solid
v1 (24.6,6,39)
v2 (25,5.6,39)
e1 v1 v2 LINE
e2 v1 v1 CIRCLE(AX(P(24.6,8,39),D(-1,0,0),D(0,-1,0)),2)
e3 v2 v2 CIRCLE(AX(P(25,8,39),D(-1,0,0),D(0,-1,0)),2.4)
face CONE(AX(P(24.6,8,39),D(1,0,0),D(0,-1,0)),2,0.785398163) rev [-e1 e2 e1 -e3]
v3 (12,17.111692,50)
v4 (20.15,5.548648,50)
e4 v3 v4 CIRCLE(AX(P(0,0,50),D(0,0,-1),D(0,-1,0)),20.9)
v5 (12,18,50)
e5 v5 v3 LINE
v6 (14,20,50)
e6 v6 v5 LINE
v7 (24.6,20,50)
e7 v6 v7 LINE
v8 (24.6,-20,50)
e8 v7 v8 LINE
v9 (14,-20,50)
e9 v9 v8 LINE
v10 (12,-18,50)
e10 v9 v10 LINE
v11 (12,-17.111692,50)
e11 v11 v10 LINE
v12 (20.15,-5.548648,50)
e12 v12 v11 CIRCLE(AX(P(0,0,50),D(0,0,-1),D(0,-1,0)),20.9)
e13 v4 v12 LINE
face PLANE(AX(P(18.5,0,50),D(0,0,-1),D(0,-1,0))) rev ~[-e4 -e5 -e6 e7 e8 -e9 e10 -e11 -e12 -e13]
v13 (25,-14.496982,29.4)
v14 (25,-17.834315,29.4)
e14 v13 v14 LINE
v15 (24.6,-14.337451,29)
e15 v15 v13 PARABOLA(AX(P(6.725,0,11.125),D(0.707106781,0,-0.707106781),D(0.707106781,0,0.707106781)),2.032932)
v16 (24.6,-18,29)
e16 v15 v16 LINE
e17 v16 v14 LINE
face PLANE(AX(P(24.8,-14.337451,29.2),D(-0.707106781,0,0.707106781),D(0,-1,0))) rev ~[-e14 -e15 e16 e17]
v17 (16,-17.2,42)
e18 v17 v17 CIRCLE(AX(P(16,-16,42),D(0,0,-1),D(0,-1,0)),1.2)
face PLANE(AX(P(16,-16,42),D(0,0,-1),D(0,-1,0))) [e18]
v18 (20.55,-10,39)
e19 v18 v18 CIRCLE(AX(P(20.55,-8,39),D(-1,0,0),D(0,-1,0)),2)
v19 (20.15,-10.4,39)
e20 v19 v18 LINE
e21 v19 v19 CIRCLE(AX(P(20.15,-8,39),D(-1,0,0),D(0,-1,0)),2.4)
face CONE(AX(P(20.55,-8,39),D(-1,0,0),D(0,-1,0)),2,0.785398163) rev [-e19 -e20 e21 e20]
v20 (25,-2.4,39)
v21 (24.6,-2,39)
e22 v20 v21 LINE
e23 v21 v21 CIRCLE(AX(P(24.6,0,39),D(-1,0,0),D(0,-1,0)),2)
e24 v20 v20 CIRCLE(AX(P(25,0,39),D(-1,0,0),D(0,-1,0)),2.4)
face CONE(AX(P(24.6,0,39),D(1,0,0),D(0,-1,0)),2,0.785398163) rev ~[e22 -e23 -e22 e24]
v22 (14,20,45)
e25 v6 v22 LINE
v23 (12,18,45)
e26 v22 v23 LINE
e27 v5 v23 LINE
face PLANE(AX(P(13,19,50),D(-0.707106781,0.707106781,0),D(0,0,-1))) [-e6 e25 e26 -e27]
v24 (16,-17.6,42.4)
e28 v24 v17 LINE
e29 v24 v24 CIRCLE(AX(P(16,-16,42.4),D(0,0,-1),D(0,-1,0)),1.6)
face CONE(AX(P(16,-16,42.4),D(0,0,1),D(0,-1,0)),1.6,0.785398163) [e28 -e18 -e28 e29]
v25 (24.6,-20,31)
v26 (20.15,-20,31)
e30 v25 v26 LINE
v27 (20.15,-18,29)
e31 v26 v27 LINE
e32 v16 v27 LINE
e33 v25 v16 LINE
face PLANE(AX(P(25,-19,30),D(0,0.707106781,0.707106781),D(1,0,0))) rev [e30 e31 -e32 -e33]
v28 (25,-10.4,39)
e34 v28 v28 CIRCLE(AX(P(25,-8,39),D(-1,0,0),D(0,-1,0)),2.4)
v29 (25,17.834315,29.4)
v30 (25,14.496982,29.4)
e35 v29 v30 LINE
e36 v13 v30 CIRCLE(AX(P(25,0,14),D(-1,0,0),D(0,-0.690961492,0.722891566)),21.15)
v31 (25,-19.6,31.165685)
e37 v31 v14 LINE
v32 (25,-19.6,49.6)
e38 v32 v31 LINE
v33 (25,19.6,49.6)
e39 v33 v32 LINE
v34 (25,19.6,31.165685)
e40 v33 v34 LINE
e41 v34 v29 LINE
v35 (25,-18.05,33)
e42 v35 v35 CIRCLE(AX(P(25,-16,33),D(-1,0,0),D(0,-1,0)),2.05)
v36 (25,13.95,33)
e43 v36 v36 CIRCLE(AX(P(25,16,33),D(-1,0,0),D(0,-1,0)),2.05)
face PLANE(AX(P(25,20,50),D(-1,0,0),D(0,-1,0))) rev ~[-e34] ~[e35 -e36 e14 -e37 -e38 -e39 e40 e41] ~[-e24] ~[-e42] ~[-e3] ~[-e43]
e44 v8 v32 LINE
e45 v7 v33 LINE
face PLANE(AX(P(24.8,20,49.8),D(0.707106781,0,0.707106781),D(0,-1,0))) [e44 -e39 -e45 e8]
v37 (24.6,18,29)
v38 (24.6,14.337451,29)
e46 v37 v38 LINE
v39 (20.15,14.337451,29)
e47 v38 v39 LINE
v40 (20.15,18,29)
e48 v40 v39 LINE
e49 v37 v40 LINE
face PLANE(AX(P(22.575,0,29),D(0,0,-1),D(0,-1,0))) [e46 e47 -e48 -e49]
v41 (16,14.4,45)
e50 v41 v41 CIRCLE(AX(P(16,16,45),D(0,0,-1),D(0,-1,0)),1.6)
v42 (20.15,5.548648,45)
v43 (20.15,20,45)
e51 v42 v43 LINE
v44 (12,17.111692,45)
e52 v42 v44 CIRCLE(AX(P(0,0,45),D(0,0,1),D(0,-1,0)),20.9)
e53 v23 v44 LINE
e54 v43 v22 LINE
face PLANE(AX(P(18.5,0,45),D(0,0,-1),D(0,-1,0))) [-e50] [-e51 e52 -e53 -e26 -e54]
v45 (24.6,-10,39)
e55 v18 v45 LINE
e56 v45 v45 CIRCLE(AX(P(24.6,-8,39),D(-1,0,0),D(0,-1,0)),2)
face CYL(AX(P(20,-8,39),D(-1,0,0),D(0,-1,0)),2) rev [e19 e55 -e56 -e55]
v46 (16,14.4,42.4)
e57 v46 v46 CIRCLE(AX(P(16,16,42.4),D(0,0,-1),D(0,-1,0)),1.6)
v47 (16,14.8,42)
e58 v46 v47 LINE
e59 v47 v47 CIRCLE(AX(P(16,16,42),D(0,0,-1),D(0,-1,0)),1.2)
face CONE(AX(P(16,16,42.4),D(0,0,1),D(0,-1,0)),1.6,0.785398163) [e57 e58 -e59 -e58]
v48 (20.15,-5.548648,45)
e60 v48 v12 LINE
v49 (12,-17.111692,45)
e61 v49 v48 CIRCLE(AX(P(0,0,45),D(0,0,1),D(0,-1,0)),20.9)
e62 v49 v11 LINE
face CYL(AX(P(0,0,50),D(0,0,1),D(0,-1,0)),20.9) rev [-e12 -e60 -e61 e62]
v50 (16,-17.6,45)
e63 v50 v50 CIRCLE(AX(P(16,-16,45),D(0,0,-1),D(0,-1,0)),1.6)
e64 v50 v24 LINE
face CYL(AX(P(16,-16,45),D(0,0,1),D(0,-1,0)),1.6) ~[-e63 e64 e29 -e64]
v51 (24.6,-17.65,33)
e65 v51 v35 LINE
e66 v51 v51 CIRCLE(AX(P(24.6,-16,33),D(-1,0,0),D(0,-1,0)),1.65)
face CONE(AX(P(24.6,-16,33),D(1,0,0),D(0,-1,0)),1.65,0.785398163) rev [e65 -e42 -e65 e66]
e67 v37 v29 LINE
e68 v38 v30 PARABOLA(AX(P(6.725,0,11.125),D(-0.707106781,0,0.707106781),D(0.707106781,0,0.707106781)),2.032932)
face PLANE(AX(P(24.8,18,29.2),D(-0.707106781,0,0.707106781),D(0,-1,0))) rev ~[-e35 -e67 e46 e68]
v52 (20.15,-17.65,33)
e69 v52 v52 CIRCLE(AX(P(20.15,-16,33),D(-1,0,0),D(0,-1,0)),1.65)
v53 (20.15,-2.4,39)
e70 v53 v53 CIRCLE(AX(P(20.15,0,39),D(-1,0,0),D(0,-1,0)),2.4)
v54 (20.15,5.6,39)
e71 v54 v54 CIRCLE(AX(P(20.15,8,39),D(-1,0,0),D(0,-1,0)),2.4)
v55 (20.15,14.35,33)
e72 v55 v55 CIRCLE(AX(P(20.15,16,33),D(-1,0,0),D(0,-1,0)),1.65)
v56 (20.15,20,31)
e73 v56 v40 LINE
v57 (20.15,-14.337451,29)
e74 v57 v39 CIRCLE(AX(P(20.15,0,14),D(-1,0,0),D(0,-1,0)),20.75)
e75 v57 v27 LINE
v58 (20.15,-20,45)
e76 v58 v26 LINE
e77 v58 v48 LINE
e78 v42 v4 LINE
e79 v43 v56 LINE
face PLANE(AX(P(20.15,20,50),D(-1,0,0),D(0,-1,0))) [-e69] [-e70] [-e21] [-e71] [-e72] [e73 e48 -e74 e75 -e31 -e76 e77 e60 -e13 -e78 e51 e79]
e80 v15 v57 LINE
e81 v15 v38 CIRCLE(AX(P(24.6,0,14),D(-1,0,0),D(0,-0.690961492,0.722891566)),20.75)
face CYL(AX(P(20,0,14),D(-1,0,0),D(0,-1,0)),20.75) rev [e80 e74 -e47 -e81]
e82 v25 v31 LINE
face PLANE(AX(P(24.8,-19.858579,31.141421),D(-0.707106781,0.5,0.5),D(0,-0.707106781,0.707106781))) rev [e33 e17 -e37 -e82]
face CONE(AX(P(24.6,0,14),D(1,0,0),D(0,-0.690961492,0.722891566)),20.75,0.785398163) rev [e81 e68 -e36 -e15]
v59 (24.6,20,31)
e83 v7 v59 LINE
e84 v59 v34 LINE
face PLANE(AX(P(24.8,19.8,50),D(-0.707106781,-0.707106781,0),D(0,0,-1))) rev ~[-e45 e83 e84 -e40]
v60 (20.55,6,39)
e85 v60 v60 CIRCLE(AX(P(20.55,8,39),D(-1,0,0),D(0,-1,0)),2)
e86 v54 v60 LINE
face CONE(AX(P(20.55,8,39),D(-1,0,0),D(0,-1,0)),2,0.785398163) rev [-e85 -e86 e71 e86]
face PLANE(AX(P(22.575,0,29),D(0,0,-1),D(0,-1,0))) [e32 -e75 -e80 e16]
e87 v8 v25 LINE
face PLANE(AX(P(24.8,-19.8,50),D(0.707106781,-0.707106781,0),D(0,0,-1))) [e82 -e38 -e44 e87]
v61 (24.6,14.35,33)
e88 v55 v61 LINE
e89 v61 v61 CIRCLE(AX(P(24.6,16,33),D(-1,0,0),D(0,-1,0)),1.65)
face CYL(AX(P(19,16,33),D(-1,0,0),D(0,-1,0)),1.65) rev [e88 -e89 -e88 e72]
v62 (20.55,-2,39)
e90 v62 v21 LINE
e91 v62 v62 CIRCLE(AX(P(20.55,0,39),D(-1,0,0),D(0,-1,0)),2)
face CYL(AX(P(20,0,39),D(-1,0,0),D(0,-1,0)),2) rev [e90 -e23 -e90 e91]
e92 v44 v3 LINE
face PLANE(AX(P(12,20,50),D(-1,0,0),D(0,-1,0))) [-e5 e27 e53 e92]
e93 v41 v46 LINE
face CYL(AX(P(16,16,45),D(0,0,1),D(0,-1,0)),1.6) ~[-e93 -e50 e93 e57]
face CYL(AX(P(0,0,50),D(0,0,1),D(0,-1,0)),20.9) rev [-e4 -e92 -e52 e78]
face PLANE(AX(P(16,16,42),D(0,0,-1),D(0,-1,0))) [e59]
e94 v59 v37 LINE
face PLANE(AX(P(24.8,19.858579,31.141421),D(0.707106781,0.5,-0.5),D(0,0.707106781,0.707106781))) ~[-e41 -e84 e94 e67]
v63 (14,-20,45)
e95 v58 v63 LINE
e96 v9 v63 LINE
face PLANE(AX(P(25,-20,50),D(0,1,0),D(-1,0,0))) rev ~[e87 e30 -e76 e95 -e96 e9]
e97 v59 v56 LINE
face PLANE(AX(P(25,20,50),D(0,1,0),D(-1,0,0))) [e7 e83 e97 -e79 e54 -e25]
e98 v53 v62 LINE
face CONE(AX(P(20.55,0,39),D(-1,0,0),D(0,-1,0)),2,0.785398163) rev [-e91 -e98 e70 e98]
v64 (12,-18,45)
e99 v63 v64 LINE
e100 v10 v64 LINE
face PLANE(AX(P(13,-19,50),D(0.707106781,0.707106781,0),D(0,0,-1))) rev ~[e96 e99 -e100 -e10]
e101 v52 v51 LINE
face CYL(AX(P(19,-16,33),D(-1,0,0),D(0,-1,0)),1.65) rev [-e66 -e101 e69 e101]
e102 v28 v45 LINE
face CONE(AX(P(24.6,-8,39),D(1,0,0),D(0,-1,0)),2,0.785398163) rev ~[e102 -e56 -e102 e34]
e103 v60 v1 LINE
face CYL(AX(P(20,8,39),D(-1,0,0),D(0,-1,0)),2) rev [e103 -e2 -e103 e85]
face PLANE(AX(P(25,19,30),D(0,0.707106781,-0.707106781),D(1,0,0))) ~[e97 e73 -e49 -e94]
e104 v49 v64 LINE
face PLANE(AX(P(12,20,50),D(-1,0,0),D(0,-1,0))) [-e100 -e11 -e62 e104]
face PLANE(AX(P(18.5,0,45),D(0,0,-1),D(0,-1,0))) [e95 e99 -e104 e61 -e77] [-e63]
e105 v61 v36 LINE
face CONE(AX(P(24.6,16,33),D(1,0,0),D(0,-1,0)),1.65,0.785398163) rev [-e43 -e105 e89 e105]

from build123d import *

# Parameters (mm, degrees)
CYLINDER023_R                 = 2
CYLINDER023_DEPTH             = 10
CYLINDER024_R                 = 2
CYLINDER024_DEPTH             = 10
CYLINDER025_R                 = 2
CYLINDER025_DEPTH             = 10
CYLINDER020_R                 = 1.65
CYLINDER020_DEPTH             = 10
CYLINDER021_R                 = 1.65
CYLINDER021_DEPTH             = 10
CYLINDER022_R                 = 20.75
CYLINDER022_DEPTH             = 6
BOX005_W                      = 40
BOX005_H                      = 4.85
BOX005_DEPTH                  = 21
CHAMFER007_SIZE               = 2
CYLINDER019_R                 = 1.6
CYLINDER019_DEPTH             = 3
CYLINDER018_R                 = 1.6
CYLINDER018_DEPTH             = 3
CHAMFER006_SIZE               = 0.4
CYLINDER017_R                 = 20.9
CYLINDER017_DEPTH             = 6
BOX004_W                      = 40
BOX004_H                      = 13
BOX004_DEPTH                  = 5
CHAMFER008_SIZE               = 2
CHAMFER009_SIZE               = 0.4
CHAMFER009002_SIZE            = 0.4
CHAMFER009002_ROLL_ANGLE      = 180
CHAMFER009002_PLACEMENT_ANGLE = -90


with BuildPart() as cylinder023:
    # Cylinder023 → Cylinder023 (new body)
    with BuildSketch(Plane(origin=(0, -20, 11), x_dir=(1, 0, 0), z_dir=(0, -1, 0))):
        Circle(CYLINDER023_R)
    extrude(amount=CYLINDER023_DEPTH)


with BuildPart() as cylinder024:
    # Cylinder024 → Cylinder024 (new body)
    with BuildSketch(Plane(origin=(-8, -20, 11), x_dir=(1, 0, 0), z_dir=(0, -1, 0))):
        Circle(CYLINDER024_R)
    extrude(amount=CYLINDER024_DEPTH)


with BuildPart() as fusion001025:
    # Cylinder025 → Cylinder025 (new body)
    with BuildSketch(Plane(origin=(8, -20, 11), x_dir=(1, 0, 0), z_dir=(0, -1, 0))):
        Circle(CYLINDER025_R)
    extrude(amount=CYLINDER025_DEPTH)

    # Fusion001025: union Cylinder023, Cylinder024
    add(cylinder023.part)
    add(cylinder024.part)


with BuildPart() as cylinder020:
    # Cylinder020 → Cylinder020 (new body)
    with BuildSketch(Plane(origin=(16, -19, 17), x_dir=(1, 0, 0), z_dir=(0, -1, 0))):
        Circle(CYLINDER020_R)
    extrude(amount=CYLINDER020_DEPTH)


with BuildPart() as fusion001023:
    # Cylinder021 → Cylinder021 (new body)
    with BuildSketch(Plane(origin=(-16, -19, 17), x_dir=(1, 0, 0), z_dir=(0, -1, 0))):
        Circle(CYLINDER021_R)
    extrude(amount=CYLINDER021_DEPTH)

    # Fusion001023: union Cylinder020
    add(cylinder020.part)


with BuildPart() as cylinder022:
    # Cylinder022 → Cylinder022 (new body)
    with BuildSketch(Plane(origin=(0, -20, 36), x_dir=(1, 0, 0), z_dir=(0, -1, 0))):
        Circle(CYLINDER022_R)
    extrude(amount=CYLINDER022_DEPTH)


with BuildPart() as chamfer007:
    # Box005 → Box005 (new body)
    with BuildSketch(Plane(origin=(-20, -25, 0), x_dir=(1, 0, 0), z_dir=(0, 0, 1))):
        with Locations((20, 2.425)):
            Rectangle(BOX005_W, BOX005_H)
    extrude(amount=BOX005_DEPTH)

    # Cut004003006002: cut Cylinder022
    add(cylinder022.part, mode=Mode.SUBTRACT)

    # Cut004003006003: cut Fusion001023
    add(fusion001023.part, mode=Mode.SUBTRACT)

    # Chamfer007
    chamfer007_edges = [chamfer007.edges().sort_by_distance(p)[0] for p in [
        (-20, -22.575, 21),
        (20, -22.575, 21),
    ]]
    chamfer(chamfer007_edges, length=CHAMFER007_SIZE)


with BuildPart() as cylinder019:
    # Cylinder019 → Cylinder019 (new body)
    with BuildSketch(Plane(origin=(16, -16, 5), x_dir=(1, 0, 0), z_dir=(0, 0, 1))):
        Circle(CYLINDER019_R)
    extrude(amount=CYLINDER019_DEPTH)


with BuildPart() as chamfer006:
    # Cylinder018 → Cylinder018 (new body)
    with BuildSketch(Plane(origin=(-16, -16, 5), x_dir=(1, 0, 0), z_dir=(0, 0, 1))):
        Circle(CYLINDER018_R)
    extrude(amount=CYLINDER018_DEPTH)

    # Fusion001022: union Cylinder019
    add(cylinder019.part)

    # Chamfer006
    chamfer006_edges = [chamfer006.edges().sort_by_distance(p)[0] for p in [
        (-17.6, -16, 8),
        (14.4, -16, 8),
    ]]
    chamfer(chamfer006_edges, length=CHAMFER006_SIZE)


with BuildPart() as cylinder017:
    # Cylinder017 → Cylinder017 (new body)
    with BuildSketch(Plane.XY):
        Circle(CYLINDER017_R)
    extrude(amount=CYLINDER017_DEPTH)


with BuildPart() as chamfer009002:
    # Box004 → Box004 (new body)
    with BuildSketch(Plane(origin=(-20, -25, 0), x_dir=(1, 0, 0), z_dir=(0, 0, 1))):
        with Locations((20, 6.5)):
            Rectangle(BOX004_W, BOX004_H)
    extrude(amount=BOX004_DEPTH)

    # Chamfer008
    chamfer008_edges = [chamfer009002.edges().sort_by_distance(p)[0] for p in [
        (-20, -12, 2.5),
        (20, -12, 2.5),
    ]]
    chamfer(chamfer008_edges, length=CHAMFER008_SIZE)

    # Cut004003006004: cut Cylinder017
    add(cylinder017.part, mode=Mode.SUBTRACT)

    # Fusion001024: union Chamfer007, Chamfer006
    add(chamfer007.part)
    add(chamfer006.part)

    # Cut004003006005: cut Fusion001025
    add(fusion001025.part, mode=Mode.SUBTRACT)

    # Chamfer009
    chamfer009_edges = [chamfer009002.edges().sort_by_distance(p)[0] for p in [
        (-10, -20.15, 11),
        (-2, -20.15, 11),
        (6, -20.15, 11),
    ]]
    chamfer(chamfer009_edges, length=CHAMFER009_SIZE)

    # Chamfer009002
    chamfer009002_edges = [chamfer009002.edges().sort_by_distance(p)[0] for p in [
        (19, -25, 20),
        (16.168725, -25, 21),
        (0, -25, 15.25),
        (-16.168725, -25, 21),
        (-19, -25, 20),
        (-17.65, -25, 17),
        (14.35, -25, 17),
        (-10, -25, 11),
        (-2, -25, 11),
        (6, -25, 11),
        (20, -25, 9.5),
        (0, -25, 0),
        (-20, -25, 9.5),
    ]]
    chamfer(chamfer009002_edges, length=CHAMFER009002_SIZE)


with BuildPart() as chamfer009002_1:
    # Chamfer009002 roll: moved
    add(chamfer009002.part.rotate(Axis((0, 0, 0), (1, 0, 0)), CHAMFER009002_ROLL_ANGLE))


with BuildPart() as chamfer009002_2:
    # Chamfer009002 placement: moved
    add(chamfer009002_1.part.moved(Location((0, 0, 50))).rotate(Axis((0, 0, 50), (0, 0, 1)), CHAMFER009002_PLACEMENT_ANGLE))


solid = chamfer009002_2.part
